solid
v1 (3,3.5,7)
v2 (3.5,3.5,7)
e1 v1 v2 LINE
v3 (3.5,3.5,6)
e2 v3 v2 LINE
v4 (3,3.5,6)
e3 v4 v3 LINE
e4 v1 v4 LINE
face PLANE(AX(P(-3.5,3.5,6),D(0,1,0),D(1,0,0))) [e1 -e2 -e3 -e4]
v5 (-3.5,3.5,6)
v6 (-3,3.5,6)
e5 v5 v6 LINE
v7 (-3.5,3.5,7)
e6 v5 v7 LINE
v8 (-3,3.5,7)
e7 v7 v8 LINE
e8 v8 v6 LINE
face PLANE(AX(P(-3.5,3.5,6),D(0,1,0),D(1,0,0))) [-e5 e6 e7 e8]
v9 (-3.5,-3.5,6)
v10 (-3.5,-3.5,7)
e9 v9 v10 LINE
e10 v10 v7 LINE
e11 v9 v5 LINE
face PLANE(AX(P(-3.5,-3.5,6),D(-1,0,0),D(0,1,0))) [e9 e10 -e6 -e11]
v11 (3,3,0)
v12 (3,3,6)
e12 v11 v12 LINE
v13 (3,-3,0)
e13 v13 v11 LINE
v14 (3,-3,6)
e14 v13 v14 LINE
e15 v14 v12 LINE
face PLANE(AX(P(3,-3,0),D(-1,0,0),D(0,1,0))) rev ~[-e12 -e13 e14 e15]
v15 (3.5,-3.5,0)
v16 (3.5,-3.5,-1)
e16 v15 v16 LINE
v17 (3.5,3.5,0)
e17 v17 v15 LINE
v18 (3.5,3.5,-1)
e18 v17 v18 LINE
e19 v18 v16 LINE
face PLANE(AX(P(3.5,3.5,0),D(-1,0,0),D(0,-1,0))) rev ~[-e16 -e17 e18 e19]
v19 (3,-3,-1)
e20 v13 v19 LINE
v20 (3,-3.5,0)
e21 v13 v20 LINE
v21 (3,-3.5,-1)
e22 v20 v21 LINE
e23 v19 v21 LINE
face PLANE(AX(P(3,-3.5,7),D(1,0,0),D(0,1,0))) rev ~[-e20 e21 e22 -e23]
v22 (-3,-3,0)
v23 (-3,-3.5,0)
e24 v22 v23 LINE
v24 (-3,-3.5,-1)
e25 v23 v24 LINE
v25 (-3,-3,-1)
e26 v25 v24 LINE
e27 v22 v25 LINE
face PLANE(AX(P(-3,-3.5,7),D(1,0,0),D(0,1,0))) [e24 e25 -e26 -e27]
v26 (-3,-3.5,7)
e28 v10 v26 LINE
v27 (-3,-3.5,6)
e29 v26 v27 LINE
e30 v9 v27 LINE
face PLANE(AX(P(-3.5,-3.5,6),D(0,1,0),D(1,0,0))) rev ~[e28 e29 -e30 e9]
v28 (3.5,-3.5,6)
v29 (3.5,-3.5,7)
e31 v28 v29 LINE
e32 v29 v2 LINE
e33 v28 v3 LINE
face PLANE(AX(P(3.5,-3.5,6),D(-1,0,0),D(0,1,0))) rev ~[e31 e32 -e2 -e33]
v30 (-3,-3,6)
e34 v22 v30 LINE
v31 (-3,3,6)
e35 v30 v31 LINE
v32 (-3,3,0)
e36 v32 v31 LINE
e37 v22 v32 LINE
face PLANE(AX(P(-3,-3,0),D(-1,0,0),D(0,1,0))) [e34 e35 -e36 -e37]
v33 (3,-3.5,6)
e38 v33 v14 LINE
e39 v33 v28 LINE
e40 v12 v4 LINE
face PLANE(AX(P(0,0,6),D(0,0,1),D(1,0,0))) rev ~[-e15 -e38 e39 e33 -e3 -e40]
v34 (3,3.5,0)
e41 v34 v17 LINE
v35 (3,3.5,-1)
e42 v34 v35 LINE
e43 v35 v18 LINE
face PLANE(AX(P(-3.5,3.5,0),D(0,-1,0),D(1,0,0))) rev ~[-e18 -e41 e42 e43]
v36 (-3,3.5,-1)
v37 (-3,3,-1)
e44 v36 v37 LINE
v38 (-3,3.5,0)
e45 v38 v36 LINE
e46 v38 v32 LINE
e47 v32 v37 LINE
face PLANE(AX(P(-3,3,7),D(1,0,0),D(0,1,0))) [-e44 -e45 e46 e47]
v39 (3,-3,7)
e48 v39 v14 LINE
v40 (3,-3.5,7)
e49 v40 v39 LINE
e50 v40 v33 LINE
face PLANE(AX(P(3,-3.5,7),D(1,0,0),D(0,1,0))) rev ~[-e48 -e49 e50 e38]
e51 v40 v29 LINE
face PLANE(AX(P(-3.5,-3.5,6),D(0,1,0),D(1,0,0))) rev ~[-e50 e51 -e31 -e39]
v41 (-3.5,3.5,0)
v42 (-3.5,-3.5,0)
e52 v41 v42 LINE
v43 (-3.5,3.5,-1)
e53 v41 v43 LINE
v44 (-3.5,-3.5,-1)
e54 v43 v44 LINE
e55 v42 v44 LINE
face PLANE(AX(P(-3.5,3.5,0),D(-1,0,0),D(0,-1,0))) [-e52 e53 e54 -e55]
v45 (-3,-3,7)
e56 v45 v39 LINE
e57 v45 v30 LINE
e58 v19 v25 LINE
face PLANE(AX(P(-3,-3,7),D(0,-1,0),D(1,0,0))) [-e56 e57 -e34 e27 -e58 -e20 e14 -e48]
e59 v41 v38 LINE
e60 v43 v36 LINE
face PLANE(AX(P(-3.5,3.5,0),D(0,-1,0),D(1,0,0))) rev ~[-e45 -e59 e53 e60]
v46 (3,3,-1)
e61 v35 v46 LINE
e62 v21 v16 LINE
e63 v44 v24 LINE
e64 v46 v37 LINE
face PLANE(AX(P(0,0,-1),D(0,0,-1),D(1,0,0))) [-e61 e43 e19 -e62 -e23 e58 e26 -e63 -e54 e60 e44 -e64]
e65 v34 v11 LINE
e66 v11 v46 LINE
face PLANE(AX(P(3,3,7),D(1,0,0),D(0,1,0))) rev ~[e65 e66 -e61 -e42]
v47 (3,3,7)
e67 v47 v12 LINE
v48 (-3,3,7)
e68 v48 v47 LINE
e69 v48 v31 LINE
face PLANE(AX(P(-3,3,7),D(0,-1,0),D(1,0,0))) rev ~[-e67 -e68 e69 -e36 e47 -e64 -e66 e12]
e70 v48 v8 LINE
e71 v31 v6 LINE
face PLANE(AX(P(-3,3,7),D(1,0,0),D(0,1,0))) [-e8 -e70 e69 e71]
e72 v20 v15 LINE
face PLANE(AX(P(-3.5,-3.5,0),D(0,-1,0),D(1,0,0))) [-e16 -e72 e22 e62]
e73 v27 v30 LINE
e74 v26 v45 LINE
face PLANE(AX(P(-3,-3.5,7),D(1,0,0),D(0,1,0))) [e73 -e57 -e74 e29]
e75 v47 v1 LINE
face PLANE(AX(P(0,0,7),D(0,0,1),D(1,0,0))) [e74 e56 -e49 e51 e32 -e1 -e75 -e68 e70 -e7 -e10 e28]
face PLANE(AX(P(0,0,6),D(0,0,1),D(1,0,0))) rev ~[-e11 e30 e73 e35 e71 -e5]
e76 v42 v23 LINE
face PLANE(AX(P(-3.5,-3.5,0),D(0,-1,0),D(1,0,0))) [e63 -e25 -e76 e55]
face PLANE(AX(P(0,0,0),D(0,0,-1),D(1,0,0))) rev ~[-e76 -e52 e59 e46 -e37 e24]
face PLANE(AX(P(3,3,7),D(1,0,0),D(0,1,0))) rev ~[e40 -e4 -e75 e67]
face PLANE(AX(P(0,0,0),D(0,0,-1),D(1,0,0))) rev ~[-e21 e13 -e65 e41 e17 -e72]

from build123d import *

# Parameters (mm, degrees)
F0_W     = 6
F0_H     = 6
F1_DEPTH = 6
F2_W     = 7
F2_H     = 7
F3_DEPTH = 1
F4_W     = 7
F4_H     = 7
F5_DEPTH = 1
F6_W     = 6
F6_H     = 0.5
F7_DEPTH = 8.001


with BuildPart() as f1:
    # F0 (on Top) → F1 (new body)
    with BuildSketch(Plane.XY):
        Rectangle(F0_W, F0_H)
    extrude(amount=F1_DEPTH)

    # F2 (on face) → F3 (join)
    with BuildSketch(Plane.XY.offset(6)):
        Rectangle(F2_W, F2_H)
    extrude(amount=F3_DEPTH)

    # F4 (on face) → F5 (join)
    with BuildSketch(Plane(origin=(0, 0, 0), x_dir=(1, 0, 0), z_dir=(0, 0, -1))):
        Rectangle(F4_W, F4_H)
    extrude(amount=F5_DEPTH)

    # F6 (on face) → F7 (cut, through all)
    with BuildSketch(Plane.XY.offset(7)):
        with Locations((0, 3.25)):
            Rectangle(F6_W, F6_H)
        with Locations((0, -3.25)):
            Rectangle(F6_W, F6_H)
    extrude(amount=-F7_DEPTH, mode=Mode.SUBTRACT)


solid = f1.part
